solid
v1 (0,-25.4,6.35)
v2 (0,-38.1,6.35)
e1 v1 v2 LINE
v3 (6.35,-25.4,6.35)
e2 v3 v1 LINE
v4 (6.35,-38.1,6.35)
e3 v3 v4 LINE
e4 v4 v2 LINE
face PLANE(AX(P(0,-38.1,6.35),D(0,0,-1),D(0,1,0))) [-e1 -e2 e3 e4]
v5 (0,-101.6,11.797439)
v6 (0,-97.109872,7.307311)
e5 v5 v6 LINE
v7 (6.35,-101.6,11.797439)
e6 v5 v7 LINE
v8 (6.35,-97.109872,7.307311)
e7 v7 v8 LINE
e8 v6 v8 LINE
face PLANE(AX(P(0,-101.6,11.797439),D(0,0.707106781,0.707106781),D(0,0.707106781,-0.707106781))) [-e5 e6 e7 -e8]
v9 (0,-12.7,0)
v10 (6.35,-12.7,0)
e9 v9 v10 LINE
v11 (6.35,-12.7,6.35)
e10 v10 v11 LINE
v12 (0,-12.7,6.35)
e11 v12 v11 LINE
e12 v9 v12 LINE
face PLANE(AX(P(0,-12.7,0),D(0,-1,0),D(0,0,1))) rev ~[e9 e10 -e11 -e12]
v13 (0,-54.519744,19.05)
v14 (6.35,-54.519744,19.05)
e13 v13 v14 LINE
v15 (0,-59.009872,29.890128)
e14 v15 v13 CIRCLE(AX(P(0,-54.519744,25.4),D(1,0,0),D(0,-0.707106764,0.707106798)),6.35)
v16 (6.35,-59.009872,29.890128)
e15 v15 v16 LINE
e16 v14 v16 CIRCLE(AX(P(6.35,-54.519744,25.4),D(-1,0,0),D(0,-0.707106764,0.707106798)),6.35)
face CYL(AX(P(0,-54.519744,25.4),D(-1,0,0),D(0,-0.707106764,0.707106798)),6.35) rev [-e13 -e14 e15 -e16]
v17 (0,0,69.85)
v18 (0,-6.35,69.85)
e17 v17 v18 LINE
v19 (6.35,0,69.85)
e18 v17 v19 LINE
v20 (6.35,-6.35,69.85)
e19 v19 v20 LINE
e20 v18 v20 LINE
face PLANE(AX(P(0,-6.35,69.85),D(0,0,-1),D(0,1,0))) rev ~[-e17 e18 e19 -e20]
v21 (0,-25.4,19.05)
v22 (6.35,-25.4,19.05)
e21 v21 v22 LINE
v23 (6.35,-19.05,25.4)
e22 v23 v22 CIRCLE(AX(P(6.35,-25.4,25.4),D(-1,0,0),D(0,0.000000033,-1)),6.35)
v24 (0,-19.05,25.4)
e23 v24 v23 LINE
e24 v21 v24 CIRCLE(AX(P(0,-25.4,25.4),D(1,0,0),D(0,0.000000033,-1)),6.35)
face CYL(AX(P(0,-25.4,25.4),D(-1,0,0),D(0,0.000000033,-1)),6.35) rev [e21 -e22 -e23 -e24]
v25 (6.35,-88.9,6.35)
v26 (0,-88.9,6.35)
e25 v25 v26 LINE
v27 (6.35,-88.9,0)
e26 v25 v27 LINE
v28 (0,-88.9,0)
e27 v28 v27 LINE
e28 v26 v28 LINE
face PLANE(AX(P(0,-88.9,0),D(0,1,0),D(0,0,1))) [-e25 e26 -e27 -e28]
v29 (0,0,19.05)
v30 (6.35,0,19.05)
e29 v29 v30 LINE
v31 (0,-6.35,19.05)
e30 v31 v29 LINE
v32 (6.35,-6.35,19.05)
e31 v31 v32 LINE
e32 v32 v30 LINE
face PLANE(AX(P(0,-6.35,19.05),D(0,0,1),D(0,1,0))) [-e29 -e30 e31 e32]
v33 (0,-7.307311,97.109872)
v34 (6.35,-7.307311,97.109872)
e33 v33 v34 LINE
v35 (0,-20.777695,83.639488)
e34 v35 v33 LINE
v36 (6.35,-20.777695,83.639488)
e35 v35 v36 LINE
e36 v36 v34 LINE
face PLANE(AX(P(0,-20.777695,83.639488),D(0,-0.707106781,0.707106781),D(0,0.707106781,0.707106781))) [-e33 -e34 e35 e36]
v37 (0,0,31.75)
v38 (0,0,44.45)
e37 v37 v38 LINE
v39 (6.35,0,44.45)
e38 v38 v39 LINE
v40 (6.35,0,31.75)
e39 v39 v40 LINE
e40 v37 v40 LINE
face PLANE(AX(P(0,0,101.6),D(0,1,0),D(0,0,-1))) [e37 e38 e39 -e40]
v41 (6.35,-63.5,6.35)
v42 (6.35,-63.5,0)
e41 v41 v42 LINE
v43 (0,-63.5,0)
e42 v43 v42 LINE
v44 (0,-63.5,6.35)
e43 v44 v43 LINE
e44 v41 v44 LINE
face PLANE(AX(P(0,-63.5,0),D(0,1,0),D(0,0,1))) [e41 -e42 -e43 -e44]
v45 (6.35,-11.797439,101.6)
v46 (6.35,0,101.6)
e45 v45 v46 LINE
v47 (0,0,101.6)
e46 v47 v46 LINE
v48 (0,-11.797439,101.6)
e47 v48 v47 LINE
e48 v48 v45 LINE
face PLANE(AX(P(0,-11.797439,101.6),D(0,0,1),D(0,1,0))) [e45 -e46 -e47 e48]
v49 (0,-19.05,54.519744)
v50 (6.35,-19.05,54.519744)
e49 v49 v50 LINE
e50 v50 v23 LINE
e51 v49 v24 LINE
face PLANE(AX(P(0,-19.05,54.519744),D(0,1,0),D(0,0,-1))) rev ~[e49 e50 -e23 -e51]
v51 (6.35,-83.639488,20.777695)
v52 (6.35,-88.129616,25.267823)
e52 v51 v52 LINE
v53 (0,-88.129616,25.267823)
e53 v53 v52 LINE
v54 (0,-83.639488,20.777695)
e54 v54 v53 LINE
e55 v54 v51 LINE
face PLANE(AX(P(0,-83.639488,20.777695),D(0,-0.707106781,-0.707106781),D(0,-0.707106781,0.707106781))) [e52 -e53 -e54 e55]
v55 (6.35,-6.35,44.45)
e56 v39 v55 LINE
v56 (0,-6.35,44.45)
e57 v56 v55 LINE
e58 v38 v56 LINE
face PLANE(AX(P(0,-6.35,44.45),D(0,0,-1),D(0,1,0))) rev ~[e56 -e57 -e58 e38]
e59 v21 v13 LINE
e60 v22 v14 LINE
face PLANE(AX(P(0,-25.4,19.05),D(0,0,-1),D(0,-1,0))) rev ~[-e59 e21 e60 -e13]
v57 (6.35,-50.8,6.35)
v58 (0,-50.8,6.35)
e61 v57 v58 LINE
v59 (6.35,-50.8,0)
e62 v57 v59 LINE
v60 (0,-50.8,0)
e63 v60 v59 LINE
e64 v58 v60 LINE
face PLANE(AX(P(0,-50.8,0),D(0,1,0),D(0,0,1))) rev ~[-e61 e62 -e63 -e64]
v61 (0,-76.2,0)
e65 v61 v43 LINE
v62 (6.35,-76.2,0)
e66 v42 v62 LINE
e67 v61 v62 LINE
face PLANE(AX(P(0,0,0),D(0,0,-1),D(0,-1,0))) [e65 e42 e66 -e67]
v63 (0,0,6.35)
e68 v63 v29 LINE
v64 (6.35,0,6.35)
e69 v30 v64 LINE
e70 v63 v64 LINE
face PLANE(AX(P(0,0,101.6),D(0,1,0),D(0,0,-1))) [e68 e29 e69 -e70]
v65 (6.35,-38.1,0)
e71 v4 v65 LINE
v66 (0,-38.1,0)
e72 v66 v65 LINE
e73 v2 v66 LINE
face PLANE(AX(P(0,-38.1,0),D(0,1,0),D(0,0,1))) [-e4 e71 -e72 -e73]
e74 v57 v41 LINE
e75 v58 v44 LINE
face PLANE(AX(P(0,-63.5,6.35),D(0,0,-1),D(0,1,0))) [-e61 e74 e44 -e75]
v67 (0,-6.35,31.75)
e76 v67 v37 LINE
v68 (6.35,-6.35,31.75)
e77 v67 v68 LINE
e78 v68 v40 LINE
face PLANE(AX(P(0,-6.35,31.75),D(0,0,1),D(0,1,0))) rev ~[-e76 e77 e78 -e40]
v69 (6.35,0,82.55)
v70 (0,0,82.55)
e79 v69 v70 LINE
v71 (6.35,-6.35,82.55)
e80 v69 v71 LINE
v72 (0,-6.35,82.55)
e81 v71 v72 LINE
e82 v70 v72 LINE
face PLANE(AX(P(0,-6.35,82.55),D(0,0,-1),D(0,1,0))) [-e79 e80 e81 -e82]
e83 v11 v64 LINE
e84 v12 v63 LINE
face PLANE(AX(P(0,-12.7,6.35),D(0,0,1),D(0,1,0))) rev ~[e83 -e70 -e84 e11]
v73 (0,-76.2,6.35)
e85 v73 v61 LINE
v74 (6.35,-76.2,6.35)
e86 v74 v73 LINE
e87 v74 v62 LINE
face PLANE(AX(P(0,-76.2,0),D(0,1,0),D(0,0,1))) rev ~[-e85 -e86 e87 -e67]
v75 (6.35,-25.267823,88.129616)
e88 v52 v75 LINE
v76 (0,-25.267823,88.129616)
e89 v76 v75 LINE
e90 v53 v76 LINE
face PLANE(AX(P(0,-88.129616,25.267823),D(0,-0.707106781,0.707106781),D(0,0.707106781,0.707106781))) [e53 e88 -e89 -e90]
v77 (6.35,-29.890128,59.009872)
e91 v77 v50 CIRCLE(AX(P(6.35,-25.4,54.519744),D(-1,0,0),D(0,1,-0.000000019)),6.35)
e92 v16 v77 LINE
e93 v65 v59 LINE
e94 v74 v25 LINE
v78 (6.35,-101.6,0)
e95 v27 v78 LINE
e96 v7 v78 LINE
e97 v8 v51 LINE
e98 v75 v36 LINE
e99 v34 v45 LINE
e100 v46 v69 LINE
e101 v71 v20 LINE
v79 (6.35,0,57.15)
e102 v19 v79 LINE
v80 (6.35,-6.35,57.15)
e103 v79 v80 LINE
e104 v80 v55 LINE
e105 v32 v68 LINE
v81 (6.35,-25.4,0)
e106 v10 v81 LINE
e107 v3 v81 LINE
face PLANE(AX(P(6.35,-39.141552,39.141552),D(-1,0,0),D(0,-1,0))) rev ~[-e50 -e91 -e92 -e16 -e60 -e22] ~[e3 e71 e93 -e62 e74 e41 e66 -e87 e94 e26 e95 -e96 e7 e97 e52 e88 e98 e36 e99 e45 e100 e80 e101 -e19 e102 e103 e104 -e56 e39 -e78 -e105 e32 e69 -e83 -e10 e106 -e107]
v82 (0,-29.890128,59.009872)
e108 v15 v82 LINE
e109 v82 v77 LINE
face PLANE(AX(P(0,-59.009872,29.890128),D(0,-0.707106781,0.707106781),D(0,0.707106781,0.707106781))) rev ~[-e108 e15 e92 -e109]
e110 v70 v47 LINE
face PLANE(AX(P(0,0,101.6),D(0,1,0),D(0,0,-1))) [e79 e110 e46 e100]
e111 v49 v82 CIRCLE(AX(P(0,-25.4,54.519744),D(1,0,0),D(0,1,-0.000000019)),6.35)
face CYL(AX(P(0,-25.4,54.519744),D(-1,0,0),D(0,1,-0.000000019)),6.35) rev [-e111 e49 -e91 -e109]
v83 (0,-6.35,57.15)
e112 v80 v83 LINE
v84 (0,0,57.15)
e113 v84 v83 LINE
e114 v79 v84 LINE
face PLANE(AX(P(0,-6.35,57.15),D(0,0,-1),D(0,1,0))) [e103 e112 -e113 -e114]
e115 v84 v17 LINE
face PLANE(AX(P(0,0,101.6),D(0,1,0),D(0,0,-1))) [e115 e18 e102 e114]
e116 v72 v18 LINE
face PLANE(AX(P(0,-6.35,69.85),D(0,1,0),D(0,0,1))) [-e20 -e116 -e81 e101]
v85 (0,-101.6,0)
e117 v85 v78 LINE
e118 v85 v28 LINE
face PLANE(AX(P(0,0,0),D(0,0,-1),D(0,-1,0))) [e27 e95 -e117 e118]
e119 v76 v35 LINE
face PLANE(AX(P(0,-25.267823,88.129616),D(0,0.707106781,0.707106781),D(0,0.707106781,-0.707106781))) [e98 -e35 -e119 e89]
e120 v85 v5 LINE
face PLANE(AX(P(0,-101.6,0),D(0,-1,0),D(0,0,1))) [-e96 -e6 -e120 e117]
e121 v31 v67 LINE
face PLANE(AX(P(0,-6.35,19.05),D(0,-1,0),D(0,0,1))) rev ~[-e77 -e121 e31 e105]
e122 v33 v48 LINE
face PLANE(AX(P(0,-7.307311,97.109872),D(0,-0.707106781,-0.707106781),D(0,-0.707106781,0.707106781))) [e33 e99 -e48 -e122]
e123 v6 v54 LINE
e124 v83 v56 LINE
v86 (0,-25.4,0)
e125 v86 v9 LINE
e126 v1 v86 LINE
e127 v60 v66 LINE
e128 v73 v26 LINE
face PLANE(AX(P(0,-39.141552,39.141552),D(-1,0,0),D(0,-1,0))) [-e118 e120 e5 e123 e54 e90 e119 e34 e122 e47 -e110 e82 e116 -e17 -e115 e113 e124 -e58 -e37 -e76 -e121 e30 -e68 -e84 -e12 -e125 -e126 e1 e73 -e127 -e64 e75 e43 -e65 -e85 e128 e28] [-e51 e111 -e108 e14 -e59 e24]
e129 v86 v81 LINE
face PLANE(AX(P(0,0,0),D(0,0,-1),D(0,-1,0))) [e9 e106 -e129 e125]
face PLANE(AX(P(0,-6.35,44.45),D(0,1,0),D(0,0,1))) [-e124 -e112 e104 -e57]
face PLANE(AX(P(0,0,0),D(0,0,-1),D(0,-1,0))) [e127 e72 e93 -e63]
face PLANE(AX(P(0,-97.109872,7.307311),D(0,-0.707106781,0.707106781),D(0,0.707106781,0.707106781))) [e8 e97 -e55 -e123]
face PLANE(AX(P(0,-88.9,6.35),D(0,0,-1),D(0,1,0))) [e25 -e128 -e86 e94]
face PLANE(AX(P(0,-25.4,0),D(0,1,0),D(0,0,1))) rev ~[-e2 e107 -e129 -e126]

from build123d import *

# Parameters (mm, degrees)
PAD005_DEPTH           = 6.35
SKETCH004_W            = 12.7
SKETCH004_H            = 6.35
POCKET_DEPTH           = 0.001
POCKET_DEPTH_BACK      = 6.351
LINEARPATTERN_COUNT    = 7
LINEARPATTERN_PITCH    = 25.4
SKETCH005_W            = 6.35
SKETCH005_H            = 12.7
POCKET001_DEPTH        = 0.001
POCKET001_DEPTH_BACK   = 6.351
LINEARPATTERN001_COUNT = 3
LINEARPATTERN001_PITCH = 25.4
POCKET005_DEPTH        = 0.001
POCKET005_DEPTH_BACK   = 6.351


with BuildPart() as part:
    # MirroredSketch001 → Pad005 (new body)
    with BuildSketch(Plane.YZ):
        Polygon((-88.129616, 25.267823), (-25.267823, 88.129616), (-20.777695, 83.639488), (-7.307311, 97.109872), (-11.797439, 101.6), (0, 101.6), (0, 0), (-101.6, 0), (-101.6, 11.797439), (-97.109872, 7.307311), (-83.639488, 20.777695), align=None)
    extrude(amount=PAD005_DEPTH)

    # Sketch004 (on YZ_Plane003 of Origin007) → Pocket (cut, two sides)
    with BuildSketch(Plane.YZ) as pocket_sk:
        with Locations((-6.35, 3.175)):
            Rectangle(SKETCH004_W, SKETCH004_H)
    pocket = extrude(amount=-POCKET_DEPTH, mode=Mode.SUBTRACT) + extrude(pocket_sk.sketch, amount=POCKET_DEPTH_BACK, mode=Mode.SUBTRACT)

    # LinearPattern: Pocket ×7
    with Locations(*[(0, -i * LINEARPATTERN_PITCH, 0) for i in range(1, LINEARPATTERN_COUNT)]):
        add(pocket, mode=Mode.SUBTRACT)

    # Sketch005 (on YZ_Plane003 of Origin007) → Pocket001 (cut, two sides)
    with BuildSketch(Plane.YZ) as pocket001_sk:
        with Locations((-3.175, 25.4)):
            Rectangle(SKETCH005_W, SKETCH005_H)
    pocket001 = extrude(amount=-POCKET001_DEPTH, mode=Mode.SUBTRACT) + extrude(pocket001_sk.sketch, amount=POCKET001_DEPTH_BACK, mode=Mode.SUBTRACT)

    # LinearPattern001: Pocket001 ×3
    with Locations(*[(0, 0, i * LINEARPATTERN001_PITCH) for i in range(1, LINEARPATTERN001_COUNT)]):
        add(pocket001, mode=Mode.SUBTRACT)

    # Sketch012 → Pocket005 (cut, two sides)
    with BuildSketch(Plane.YZ) as pocket005_sk:
        with BuildLine():
            Line((-19.05, 54.519744), (-19.05, 25.4))
            ThreePointArc((-25.4, 19.05), (-20.909872, 20.909872), (-19.05, 25.4))
            Line((-25.4, 19.05), (-54.519744, 19.05))
            ThreePointArc((-59.009872, 29.890128), (-60.386379, 22.96996), (-54.519744, 19.05))
            Line((-59.009872, 29.890128), (-29.890128, 59.009872))
            ThreePointArc((-19.05, 54.519744), (-22.96996, 60.386379), (-29.890128, 59.009872))
        make_face()
    extrude(amount=-POCKET005_DEPTH, mode=Mode.SUBTRACT)
    extrude(pocket005_sk.sketch, amount=POCKET005_DEPTH_BACK, mode=Mode.SUBTRACT)


solid = part.part
